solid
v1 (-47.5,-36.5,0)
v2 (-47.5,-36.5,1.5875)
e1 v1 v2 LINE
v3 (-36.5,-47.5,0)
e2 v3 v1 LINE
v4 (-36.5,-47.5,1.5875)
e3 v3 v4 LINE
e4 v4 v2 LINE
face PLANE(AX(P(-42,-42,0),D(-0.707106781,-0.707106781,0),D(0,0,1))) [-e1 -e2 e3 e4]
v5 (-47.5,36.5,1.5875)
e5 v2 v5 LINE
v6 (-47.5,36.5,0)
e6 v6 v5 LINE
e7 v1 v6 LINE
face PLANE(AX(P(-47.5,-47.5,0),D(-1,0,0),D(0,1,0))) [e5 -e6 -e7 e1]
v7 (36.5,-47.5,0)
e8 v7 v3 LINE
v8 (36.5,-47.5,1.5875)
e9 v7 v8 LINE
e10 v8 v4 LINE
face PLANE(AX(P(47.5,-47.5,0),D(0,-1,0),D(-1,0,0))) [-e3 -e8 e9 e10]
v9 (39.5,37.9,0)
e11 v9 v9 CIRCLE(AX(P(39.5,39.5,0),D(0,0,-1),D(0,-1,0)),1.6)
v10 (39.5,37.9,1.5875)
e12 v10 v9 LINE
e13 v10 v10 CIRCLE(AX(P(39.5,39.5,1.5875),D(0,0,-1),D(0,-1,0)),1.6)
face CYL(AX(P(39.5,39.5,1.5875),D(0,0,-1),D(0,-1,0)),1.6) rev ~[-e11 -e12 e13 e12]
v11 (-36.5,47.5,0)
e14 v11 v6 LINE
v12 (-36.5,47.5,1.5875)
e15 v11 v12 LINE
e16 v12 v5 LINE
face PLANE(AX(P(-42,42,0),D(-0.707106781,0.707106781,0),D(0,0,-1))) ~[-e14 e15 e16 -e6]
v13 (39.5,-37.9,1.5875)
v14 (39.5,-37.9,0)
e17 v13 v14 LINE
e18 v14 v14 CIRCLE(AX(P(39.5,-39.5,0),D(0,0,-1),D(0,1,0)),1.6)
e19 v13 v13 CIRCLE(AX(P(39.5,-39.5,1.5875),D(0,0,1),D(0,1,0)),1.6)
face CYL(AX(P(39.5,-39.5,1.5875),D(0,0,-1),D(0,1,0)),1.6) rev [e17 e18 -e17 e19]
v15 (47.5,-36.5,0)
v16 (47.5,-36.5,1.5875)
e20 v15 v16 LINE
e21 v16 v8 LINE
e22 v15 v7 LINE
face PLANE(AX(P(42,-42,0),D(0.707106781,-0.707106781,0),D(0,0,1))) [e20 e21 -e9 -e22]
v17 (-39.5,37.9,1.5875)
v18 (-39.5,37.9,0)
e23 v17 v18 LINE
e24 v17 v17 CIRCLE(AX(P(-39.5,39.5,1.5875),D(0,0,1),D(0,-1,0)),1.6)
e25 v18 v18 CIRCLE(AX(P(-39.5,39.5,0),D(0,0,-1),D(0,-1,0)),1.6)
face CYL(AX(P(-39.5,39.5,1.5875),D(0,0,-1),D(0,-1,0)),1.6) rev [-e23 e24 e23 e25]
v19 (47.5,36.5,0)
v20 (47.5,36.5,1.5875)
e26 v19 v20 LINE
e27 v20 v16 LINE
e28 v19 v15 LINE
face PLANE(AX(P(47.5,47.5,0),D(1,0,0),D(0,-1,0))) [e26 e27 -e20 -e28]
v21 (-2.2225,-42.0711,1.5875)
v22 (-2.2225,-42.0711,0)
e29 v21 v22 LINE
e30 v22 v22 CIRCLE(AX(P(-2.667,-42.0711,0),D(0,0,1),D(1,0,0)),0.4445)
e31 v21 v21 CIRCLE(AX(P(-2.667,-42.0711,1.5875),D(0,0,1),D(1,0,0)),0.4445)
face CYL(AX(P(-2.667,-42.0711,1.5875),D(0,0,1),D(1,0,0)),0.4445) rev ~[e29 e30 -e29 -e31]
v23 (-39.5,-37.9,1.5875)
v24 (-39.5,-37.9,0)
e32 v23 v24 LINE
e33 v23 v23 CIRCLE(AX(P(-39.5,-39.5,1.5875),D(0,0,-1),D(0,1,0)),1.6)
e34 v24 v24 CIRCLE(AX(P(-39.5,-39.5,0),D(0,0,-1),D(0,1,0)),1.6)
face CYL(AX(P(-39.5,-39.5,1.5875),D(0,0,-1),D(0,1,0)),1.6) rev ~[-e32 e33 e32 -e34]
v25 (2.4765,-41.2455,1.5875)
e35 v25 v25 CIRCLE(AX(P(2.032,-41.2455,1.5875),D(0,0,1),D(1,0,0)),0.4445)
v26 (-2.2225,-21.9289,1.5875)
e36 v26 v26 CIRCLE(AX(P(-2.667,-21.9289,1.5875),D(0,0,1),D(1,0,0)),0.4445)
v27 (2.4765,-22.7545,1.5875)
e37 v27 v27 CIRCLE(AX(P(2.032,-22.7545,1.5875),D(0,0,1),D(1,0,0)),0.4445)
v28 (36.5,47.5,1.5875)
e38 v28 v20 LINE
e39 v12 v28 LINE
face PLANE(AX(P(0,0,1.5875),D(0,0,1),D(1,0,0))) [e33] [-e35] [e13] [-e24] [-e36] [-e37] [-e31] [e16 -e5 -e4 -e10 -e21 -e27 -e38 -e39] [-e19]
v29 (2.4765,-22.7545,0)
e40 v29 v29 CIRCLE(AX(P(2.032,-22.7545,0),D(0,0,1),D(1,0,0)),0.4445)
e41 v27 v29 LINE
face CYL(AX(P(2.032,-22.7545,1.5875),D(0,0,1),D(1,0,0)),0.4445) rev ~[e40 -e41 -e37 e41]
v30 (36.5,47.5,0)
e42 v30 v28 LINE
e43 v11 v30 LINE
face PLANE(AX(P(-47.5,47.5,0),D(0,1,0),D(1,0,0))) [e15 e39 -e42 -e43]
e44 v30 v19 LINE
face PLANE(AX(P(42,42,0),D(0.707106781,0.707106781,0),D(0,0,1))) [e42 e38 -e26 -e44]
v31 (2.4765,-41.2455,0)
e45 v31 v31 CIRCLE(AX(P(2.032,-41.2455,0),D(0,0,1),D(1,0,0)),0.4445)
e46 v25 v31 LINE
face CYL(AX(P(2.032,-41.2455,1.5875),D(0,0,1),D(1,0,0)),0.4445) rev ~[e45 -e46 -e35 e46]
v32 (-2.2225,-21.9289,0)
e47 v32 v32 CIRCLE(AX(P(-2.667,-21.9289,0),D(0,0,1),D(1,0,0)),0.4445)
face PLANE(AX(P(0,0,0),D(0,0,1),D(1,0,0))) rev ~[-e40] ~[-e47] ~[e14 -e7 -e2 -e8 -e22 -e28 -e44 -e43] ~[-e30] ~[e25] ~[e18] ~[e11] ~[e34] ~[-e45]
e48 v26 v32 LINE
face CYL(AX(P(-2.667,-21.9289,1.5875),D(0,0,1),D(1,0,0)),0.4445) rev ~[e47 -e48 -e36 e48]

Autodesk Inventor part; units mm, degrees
sketch "AL_spacer_contact_Zminus" plane through (0, 0, 0) normal (0, 0, 1) x (1, 0, 0)
  circle A0 centre (39.5, 39.5) radius 3.175
  circle A1 centre (39.5, -39.5) radius 3.175
  circle A2 centre (-39.5, -39.5) radius 3.175
  circle A3 centre (-39.5, 39.5) radius 3.175
  point P0 (0, 0)
  dimension "d228" = 39.5
  dimension "d229" = 39.5
  dimension "d230" = 39.5
  dimension "d231" = 39.5
  dimension "d232" = 39.5
  dimension "d233" = 39.5
  dimension "d234" = 39.5
  dimension "d235" = 39.5
  dimension "d236" = 6.35
sketch "Delrin_stayout_Zminus" plane through (0, 0, 0) normal (0, 0, 1) x (1, 0, 0)
  line L0 (47.5, 39.5) -> (47.5, 31)
  line L1 (47.5, 31) -> (39.5, 31)
  line L2 (39.5, 31) -> (31, 39.5)
  line L3 (31, 39.5) -> (31, 47.5)
  line L4 (31, 47.5) -> (39.5, 47.5)
  line L5 (39.5, 47.5) -> (47.5, 39.5)
  line L6 (-39.5, 47.5) -> (-47.5, 39.5)
  line L7 (-47.5, 39.5) -> (-47.5, 31)
  line L8 (-47.5, 31) -> (-39.5, 31)
  line L9 (-39.5, 31) -> (-31, 39.5)
  line L10 (-31, 39.5) -> (-31, 47.5)
  line L11 (-31, 47.5) -> (-39.5, 47.5)
  line L12 (47.5, -39.5) -> (39.5, -47.5)
  line L13 (39.5, -47.5) -> (31, -47.5)
  line L14 (31, -47.5) -> (31, -39.5)
  line L15 (31, -39.5) -> (39.5, -31)
  line L16 (39.5, -31) -> (47.5, -31)
  line L17 (47.5, -31) -> (47.5, -39.5)
  line L18 (-39.5, -47.5) -> (-47.5, -39.5)
  line L19 (-47.5, -39.5) -> (-47.5, -31)
  line L20 (-47.5, -31) -> (-39.5, -31)
  line L21 (-39.5, -31) -> (-31, -39.5)
  line L22 (-31, -39.5) -> (-31, -47.5)
  line L23 (-31, -47.5) -> (-39.5, -47.5)
  point P0 (0, 0)
  dimension "d243" = 16.5
  dimension "d244" = 8
  dimension "d245" = 8.5
  dimension "d246" = 16.5
  dimension "d247" = 47.5
  dimension "d248" = 47.5
  dimension "d249" = 47.5
  dimension "d250" = 47.5
  dimension "d251" = 47.5
  dimension "d252" = 47.5
  dimension "d253" = 47.5
  dimension "d254" = 47.5
sketch "Nub_stayout_Zminus" plane through (0, 0, 0) normal (0, 0, 1) x (1, 0, 0)
  line L0 (29, 47.5) -> (39.5, 47.5)
  line L1 (39.5, 47.5) -> (47.5, 39.5)
  line L2 (47.5, 39.5) -> (47.5, 29)
  line L3 (47.5, 29) -> (42, 29)
  line L4 (42, 29) -> (42, 40.4125)
  line L5 (40.4125, 42) -> (29, 42)
  line L6 (29, 42) -> (29, 47.5)
  arc A0 (42, 40.4125) -> (40.4125, 42) centre (40.4125, 40.4125) ccw
  line L7 (-29, 47.5) -> (-39.5, 47.5)
  line L8 (-39.5, 47.5) -> (-47.5, 39.5)
  line L9 (-47.5, 39.5) -> (-47.5, 29)
  line L10 (-47.5, 29) -> (-42, 29)
  line L11 (-42, 29) -> (-42, 40.4125)
  line L12 (-40.4125, 42) -> (-29, 42)
  line L13 (-29, 42) -> (-29, 47.5)
  arc A1 (-40.4125, 42) -> (-42, 40.4125) centre (-40.4125, 40.4125) ccw
  line L14 (-47.5, -29) -> (-42, -29)
  line L15 (-42, -29) -> (-42, -40.4125)
  line L16 (-40.4125, -42) -> (-29, -42)
  line L17 (-29, -42) -> (-29, -47.5)
  line L18 (-29, -47.5) -> (-39.5, -47.5)
  line L19 (-39.5, -47.5) -> (-47.5, -39.5)
  line L20 (-47.5, -39.5) -> (-47.5, -29)
  arc A2 (-42, -40.4125) -> (-40.4125, -42) centre (-40.4125, -40.4125) ccw
  line L21 (47.5, -29) -> (42, -29)
  line L22 (42, -29) -> (42, -40.4125)
  line L23 (40.4125, -42) -> (29, -42)
  line L24 (29, -42) -> (29, -47.5)
  line L25 (29, -47.5) -> (39.5, -47.5)
  line L26 (39.5, -47.5) -> (47.5, -39.5)
  line L27 (47.5, -39.5) -> (47.5, -29)
  arc A3 (40.4125, -42) -> (42, -40.4125) centre (40.4125, -40.4125) ccw
  point P0 (0, 0)
  dimension "d255" = 1.5875
  dimension "d256" = 18.5
  dimension "d257" = 8
  dimension "d258" = 5.5
  dimension "d259" = 47.5
  dimension "d260" = 47.5
  dimension "d264" = 1.5875
  dimension "d265" = 47.5
  dimension "d266" = 47.5
  dimension "d267" = 1.5875
  dimension "d268" = 47.5
  dimension "d269" = 47.5
  dimension "d270" = 1.5875
  dimension "d271" = 47.5
  dimension "d272" = 47.5
ref_plane "Zplus_face" through (0, 0, 1.5875) normal (0, 0, 1) x (1, 0, 0)
sketch "AL_spacer_contact_Zplus" plane through (0, 0, 1.5875) normal (0, 0, 1) x (1, 0, 0)
  circle A0 centre (-39.5, 39.5) radius 3.175
  circle A1 centre (-39.5, -39.5) radius 3.175
  circle A2 centre (39.5, -39.5) radius 3.175
  circle A3 centre (39.5, 39.5) radius 3.175
  point P0 (0, 0)
  dimension "d129" = 39.5
  dimension "d130" = 39.5
  dimension "d131" = 39.5
  dimension "d132" = 39.5
  dimension "d133" = 6.35
sketch "Delrin_stayout_Zplus" plane through (0, 0, 1.5875) normal (0, 0, 1) x (1, 0, 0)
  line L0 (47.5, -31) -> (47.5, -39.5)
  line L1 (47.5, -39.5) -> (39.5, -47.5)
  line L2 (39.5, -47.5) -> (31, -47.5)
  line L3 (31, -47.5) -> (31, -39.5)
  line L4 (31, -39.5) -> (39.5, -31)
  line L5 (39.5, -31) -> (47.5, -31)
  line L6 (47.5, 31) -> (47.5, 39.5)
  line L7 (47.5, 39.5) -> (39.5, 47.5)
  line L8 (39.5, 47.5) -> (31, 47.5)
  line L9 (31, 47.5) -> (31, 39.5)
  line L10 (31, 39.5) -> (39.5, 31)
  line L11 (39.5, 31) -> (47.5, 31)
  line L12 (-39.5, 47.5) -> (-47.5, 39.5)
  line L13 (-47.5, 39.5) -> (-47.5, 31)
  line L14 (-47.5, 31) -> (-39.5, 31)
  line L15 (-39.5, 31) -> (-31, 39.5)
  line L16 (-31, 39.5) -> (-31, 47.5)
  line L17 (-31, 47.5) -> (-39.5, 47.5)
  line L18 (-47.5, -39.5) -> (-39.5, -47.5)
  line L19 (-39.5, -47.5) -> (-31, -47.5)
  line L20 (-31, -47.5) -> (-31, -39.5)
  line L21 (-31, -39.5) -> (-39.5, -31)
  line L22 (-39.5, -31) -> (-47.5, -31)
  line L23 (-47.5, -31) -> (-47.5, -39.5)
  point P0 (0, 0)
  dimension "d115" = 16.5
  dimension "d116" = 16.5
  dimension "d117" = 8
  dimension "d118" = 8.5
  dimension "d121" = 47.5
  dimension "d122" = 47.5
  dimension "d123" = 47.5
  dimension "d124" = 47.5
  dimension "d125" = 47.5
  dimension "d126" = 47.5
  dimension "d127" = 47.5
  dimension "d128" = 47.5
sketch "Nub_stayout_Zplus" plane through (0, 0, 1.5875) normal (0, 0, 1) x (1, 0, 0)
  line L0 (47.5, 29) -> (42, 29)
  line L1 (42, 29) -> (42, 40.4125)
  line L2 (40.4125, 42) -> (29, 42)
  line L3 (29, 42) -> (29, 47.5)
  arc A0 (42, 40.4125) -> (40.4125, 42) centre (40.4125, 40.4125) ccw
  line L4 (29, 47.5) -> (39.5, 47.5)
  line L5 (39.5, 47.5) -> (47.5, 39.5)
  line L6 (47.5, 39.5) -> (47.5, 29)
  line L7 (-39.5, 47.5) -> (-29, 47.5)
  line L8 (-29, 47.5) -> (-29, 42)
  line L9 (-29, 42) -> (-40.4125, 42)
  line L10 (-42, 40.4125) -> (-42, 29)
  line L11 (-42, 29) -> (-47.5, 29)
  line L12 (-47.5, 29) -> (-47.5, 39.5)
  line L13 (-47.5, 39.5) -> (-39.5, 47.5)
  arc A1 (-40.4125, 42) -> (-42, 40.4125) centre (-40.4125, 40.4125) ccw
  line L14 (-47.5, -29) -> (-47.5, -39.5)
  line L15 (-47.5, -39.5) -> (-39.5, -47.5)
  line L16 (-39.5, -47.5) -> (-29, -47.5)
  line L17 (-29, -47.5) -> (-29, -42)
  line L18 (-29, -42) -> (-40.4125, -42)
  line L19 (-42, -40.4125) -> (-42, -29)
  line L20 (-42, -29) -> (-47.5, -29)
  arc A2 (-42, -40.4125) -> (-40.4125, -42) centre (-40.4125, -40.4125) ccw
  line L21 (29, -47.5) -> (39.5, -47.5)
  line L22 (39.5, -47.5) -> (47.5, -39.5)
  line L23 (47.5, -39.5) -> (47.5, -29)
  line L24 (47.5, -29) -> (42, -29)
  line L25 (42, -29) -> (42, -40.4125)
  line L26 (40.4125, -42) -> (29, -42)
  line L27 (29, -42) -> (29, -47.5)
  arc A3 (40.4125, -42) -> (42, -40.4125) centre (40.4125, -40.4125) ccw
  point P0 (0, 0)
  dimension "d146" = 1.5875
  dimension "d147" = 5.5
  dimension "d149" = 18.5
  dimension "d150" = 8
  dimension "d151" = 47.5
  dimension "d152" = 47.5
  dimension "d153" = 1.5875
  dimension "d154" = 47.5
  dimension "d155" = 47.5
  dimension "d156" = 1.5875
  dimension "d157" = 47.5
  dimension "d158" = 47.5
  dimension "d159" = 1.5875
  dimension "d160" = 47.5
  dimension "d161" = 47.5
sketch "Sketch1" plane through (0, 0, 0) normal (0, 0, 1) x (1, 0, 0)
  line L0 (-47.5, 47.5) -> (47.5, 47.5)
  line L1 (47.5, 47.5) -> (47.5, -47.5)
  line L2 (47.5, -47.5) -> (-47.5, -47.5)
  line L3 (-47.5, -47.5) -> (-47.5, 47.5)
  point P0 (0, 0)
  dimension "d0" = 95
  dimension "d1" = 95
  dimension "d2" = 47.5
  dimension "d3" = 47.5
extrude "Extrusion1" add sketch "Sketch1" along normal blind 1.5875
chamfer "Chamfer2" distance 11 angle 45 4 edges at (-47.5, -47.5, 0.7937) (47.5, -47.5, 0.7937) (47.5, 47.5, 0.7937) (-47.5, 47.5, 0.7937)
ref_plane "Work Plane_ConnX" through (-32, 0, 0) normal (1, 0, 0) x (0, 1, 0)
ref_plane "Work Plane_ConnY" through (0, 0, 0) normal (0, 1, 0) x (-1, 0, 0)
sketch "Sketch9" plane through (0, 0, 1.5875) normal (0, 0, 1) x (1, 0, 0)
  line L0 (47.5, 47.5) -> (47.5, -47.5) projected
  line L1 (58.5598, -32) -> (-58.5598, -32)
  circle A0 centre (-2.667, -21.9289) radius 0.4445
  circle A1 centre (-2.667, -42.0711) radius 0.4445
  line L2 (0, 26.5598) -> (0, -90.5598) construction
  point P0 (0, 0)
  point P1 (0, -32)
  dimension "d134" = 20.1422
  dimension "d136" = 2.667
  dimension "d138" = 0.889
  dimension "d141" = 180
  dimension "d350" = 32
  dimension "d351" = 0
extrude "Holes_Conn_Zminus" cut sketch "Sketch9" against normal through all
sketch "Sketch22" plane through (0, 0, 1.5875) normal (0, 0, 1) x (1, 0, 0)
  line L0 (47.5, 36.5) -> (47.5, -36.5) projected
  line L1 (0, -1.0026) -> (0, -62.9974) construction
  line L2 (62.8115, -32) -> (-62.8115, -32)
  circle A0 centre (2.032, -22.7545) radius 0.4445
  circle A1 centre (2.032, -41.2455) radius 0.4445
  point P0 (0, 0)
  point P1 (0, -32)
  dimension "d282" = 180
  dimension "d283" = 18.491
  dimension "d284" = 0.889
  dimension "d285" = 2.032
  dimension "d352" = 32
  dimension "d353" = 0
extrude "Holes_Conn_Zplus" cut sketch "Sketch22" against normal through all
hole "Hole5" at (39.5, 39.5, 1.5875) direction (0, 0, -1) diameter 3.2 end through all
mirror "Mirror5" about plane through (0, 0, 0) normal (1, 0, 0) of "Hole5"
mirror "Mirror6" about plane through (0, 0, 0) normal (0, 1, 0) of "Hole5", "Mirror5"
sketch "Sketch25" plane through (0, 0, 1.5875) normal (0, 0, 1) x (1, 0, 0)
  circle A0 centre (-39.5, -39.5) radius 1.6 projected
  circle A1 centre (39.5, -39.5) radius 1.6 projected
  circle A2 centre (-39.5, 39.5) radius 1.6 projected
  circle A3 centre (39.5, 39.5) radius 1.6 projected
  line L0 (36.5, -47.5) -> (-36.5, -47.5) projected
  line L1 (0, 0) -> (0, -59.2198)
  line L2 (8, -47.5) -> (8, -15.5)
  line L3 (8, -15.5) -> (-8, -15.5)
  line L4 (-8, -15.5) -> (-8, -47.5)
  line L5 (-8, -47.5) -> (-62.7516, -61.7336)
  line L6 (-62.7516, -61.7336) -> (-64.2933, 68.2222)
  line L7 (-64.2933, 68.2222) -> (58.3572, 62.5728)
  line L8 (58.3572, 62.5728) -> (56.5848, -69.017)
  line L9 (56.5848, -69.017) -> (8, -47.5)
  dimension "d362" = 16
  dimension "d363" = 32
extrude "Extrusion9" [suppressed]
sketch "Sketch26" plane through (0, 0, 1.5875) normal (0, 0, 1) x (1, 0, 0)
  line L0 (-47.5, -36.5) -> (-47.5, 36.5) projected
  line L1 (36.5, -47.5) -> (-36.5, -47.5) projected
  line L2 (47.5, 36.5) -> (47.5, -36.5) projected
  line L3 (-36.5, 47.5) -> (36.5, 47.5) projected
  line L4 (-47.5536, 47.4463) -> (47.5, 47.5) construction
  line L5 (47.5, 47.5) -> (47.5536, -47.4463) construction
  line L6 (47.5536, -47.4463) -> (-47.5, -47.5) construction
  line L7 (-47.5, -47.5) -> (-47.5536, 47.4463) construction
  point P0 (0, 0)
decal "Decal1"
sketch "Sketch27" plane through (0, 0, 0) normal (0, 0, -1) x (-1, 0, 0)
  line L0 (36.5, 47.5) -> (-36.5, 47.5) projected
  line L1 (-47.5, 36.5) -> (-47.5, -36.5) projected
  line L2 (-36.5, -47.5) -> (36.5, -47.5) projected
  line L3 (47.5, -36.5) -> (47.5, 36.5) projected
  line L4 (-47.5, 47.5) -> (47.5, 47.5) construction
  line L5 (47.5, 47.5) -> (47.5, -47.5) construction
  line L6 (47.5, -47.5) -> (-47.5, -47.5) construction
  line L7 (-47.5, -47.5) -> (-47.5, 47.5) construction
  point P0 (0, 0)
decal "Decal2"
properties part number "PCB_Batt1" material "FR4"
